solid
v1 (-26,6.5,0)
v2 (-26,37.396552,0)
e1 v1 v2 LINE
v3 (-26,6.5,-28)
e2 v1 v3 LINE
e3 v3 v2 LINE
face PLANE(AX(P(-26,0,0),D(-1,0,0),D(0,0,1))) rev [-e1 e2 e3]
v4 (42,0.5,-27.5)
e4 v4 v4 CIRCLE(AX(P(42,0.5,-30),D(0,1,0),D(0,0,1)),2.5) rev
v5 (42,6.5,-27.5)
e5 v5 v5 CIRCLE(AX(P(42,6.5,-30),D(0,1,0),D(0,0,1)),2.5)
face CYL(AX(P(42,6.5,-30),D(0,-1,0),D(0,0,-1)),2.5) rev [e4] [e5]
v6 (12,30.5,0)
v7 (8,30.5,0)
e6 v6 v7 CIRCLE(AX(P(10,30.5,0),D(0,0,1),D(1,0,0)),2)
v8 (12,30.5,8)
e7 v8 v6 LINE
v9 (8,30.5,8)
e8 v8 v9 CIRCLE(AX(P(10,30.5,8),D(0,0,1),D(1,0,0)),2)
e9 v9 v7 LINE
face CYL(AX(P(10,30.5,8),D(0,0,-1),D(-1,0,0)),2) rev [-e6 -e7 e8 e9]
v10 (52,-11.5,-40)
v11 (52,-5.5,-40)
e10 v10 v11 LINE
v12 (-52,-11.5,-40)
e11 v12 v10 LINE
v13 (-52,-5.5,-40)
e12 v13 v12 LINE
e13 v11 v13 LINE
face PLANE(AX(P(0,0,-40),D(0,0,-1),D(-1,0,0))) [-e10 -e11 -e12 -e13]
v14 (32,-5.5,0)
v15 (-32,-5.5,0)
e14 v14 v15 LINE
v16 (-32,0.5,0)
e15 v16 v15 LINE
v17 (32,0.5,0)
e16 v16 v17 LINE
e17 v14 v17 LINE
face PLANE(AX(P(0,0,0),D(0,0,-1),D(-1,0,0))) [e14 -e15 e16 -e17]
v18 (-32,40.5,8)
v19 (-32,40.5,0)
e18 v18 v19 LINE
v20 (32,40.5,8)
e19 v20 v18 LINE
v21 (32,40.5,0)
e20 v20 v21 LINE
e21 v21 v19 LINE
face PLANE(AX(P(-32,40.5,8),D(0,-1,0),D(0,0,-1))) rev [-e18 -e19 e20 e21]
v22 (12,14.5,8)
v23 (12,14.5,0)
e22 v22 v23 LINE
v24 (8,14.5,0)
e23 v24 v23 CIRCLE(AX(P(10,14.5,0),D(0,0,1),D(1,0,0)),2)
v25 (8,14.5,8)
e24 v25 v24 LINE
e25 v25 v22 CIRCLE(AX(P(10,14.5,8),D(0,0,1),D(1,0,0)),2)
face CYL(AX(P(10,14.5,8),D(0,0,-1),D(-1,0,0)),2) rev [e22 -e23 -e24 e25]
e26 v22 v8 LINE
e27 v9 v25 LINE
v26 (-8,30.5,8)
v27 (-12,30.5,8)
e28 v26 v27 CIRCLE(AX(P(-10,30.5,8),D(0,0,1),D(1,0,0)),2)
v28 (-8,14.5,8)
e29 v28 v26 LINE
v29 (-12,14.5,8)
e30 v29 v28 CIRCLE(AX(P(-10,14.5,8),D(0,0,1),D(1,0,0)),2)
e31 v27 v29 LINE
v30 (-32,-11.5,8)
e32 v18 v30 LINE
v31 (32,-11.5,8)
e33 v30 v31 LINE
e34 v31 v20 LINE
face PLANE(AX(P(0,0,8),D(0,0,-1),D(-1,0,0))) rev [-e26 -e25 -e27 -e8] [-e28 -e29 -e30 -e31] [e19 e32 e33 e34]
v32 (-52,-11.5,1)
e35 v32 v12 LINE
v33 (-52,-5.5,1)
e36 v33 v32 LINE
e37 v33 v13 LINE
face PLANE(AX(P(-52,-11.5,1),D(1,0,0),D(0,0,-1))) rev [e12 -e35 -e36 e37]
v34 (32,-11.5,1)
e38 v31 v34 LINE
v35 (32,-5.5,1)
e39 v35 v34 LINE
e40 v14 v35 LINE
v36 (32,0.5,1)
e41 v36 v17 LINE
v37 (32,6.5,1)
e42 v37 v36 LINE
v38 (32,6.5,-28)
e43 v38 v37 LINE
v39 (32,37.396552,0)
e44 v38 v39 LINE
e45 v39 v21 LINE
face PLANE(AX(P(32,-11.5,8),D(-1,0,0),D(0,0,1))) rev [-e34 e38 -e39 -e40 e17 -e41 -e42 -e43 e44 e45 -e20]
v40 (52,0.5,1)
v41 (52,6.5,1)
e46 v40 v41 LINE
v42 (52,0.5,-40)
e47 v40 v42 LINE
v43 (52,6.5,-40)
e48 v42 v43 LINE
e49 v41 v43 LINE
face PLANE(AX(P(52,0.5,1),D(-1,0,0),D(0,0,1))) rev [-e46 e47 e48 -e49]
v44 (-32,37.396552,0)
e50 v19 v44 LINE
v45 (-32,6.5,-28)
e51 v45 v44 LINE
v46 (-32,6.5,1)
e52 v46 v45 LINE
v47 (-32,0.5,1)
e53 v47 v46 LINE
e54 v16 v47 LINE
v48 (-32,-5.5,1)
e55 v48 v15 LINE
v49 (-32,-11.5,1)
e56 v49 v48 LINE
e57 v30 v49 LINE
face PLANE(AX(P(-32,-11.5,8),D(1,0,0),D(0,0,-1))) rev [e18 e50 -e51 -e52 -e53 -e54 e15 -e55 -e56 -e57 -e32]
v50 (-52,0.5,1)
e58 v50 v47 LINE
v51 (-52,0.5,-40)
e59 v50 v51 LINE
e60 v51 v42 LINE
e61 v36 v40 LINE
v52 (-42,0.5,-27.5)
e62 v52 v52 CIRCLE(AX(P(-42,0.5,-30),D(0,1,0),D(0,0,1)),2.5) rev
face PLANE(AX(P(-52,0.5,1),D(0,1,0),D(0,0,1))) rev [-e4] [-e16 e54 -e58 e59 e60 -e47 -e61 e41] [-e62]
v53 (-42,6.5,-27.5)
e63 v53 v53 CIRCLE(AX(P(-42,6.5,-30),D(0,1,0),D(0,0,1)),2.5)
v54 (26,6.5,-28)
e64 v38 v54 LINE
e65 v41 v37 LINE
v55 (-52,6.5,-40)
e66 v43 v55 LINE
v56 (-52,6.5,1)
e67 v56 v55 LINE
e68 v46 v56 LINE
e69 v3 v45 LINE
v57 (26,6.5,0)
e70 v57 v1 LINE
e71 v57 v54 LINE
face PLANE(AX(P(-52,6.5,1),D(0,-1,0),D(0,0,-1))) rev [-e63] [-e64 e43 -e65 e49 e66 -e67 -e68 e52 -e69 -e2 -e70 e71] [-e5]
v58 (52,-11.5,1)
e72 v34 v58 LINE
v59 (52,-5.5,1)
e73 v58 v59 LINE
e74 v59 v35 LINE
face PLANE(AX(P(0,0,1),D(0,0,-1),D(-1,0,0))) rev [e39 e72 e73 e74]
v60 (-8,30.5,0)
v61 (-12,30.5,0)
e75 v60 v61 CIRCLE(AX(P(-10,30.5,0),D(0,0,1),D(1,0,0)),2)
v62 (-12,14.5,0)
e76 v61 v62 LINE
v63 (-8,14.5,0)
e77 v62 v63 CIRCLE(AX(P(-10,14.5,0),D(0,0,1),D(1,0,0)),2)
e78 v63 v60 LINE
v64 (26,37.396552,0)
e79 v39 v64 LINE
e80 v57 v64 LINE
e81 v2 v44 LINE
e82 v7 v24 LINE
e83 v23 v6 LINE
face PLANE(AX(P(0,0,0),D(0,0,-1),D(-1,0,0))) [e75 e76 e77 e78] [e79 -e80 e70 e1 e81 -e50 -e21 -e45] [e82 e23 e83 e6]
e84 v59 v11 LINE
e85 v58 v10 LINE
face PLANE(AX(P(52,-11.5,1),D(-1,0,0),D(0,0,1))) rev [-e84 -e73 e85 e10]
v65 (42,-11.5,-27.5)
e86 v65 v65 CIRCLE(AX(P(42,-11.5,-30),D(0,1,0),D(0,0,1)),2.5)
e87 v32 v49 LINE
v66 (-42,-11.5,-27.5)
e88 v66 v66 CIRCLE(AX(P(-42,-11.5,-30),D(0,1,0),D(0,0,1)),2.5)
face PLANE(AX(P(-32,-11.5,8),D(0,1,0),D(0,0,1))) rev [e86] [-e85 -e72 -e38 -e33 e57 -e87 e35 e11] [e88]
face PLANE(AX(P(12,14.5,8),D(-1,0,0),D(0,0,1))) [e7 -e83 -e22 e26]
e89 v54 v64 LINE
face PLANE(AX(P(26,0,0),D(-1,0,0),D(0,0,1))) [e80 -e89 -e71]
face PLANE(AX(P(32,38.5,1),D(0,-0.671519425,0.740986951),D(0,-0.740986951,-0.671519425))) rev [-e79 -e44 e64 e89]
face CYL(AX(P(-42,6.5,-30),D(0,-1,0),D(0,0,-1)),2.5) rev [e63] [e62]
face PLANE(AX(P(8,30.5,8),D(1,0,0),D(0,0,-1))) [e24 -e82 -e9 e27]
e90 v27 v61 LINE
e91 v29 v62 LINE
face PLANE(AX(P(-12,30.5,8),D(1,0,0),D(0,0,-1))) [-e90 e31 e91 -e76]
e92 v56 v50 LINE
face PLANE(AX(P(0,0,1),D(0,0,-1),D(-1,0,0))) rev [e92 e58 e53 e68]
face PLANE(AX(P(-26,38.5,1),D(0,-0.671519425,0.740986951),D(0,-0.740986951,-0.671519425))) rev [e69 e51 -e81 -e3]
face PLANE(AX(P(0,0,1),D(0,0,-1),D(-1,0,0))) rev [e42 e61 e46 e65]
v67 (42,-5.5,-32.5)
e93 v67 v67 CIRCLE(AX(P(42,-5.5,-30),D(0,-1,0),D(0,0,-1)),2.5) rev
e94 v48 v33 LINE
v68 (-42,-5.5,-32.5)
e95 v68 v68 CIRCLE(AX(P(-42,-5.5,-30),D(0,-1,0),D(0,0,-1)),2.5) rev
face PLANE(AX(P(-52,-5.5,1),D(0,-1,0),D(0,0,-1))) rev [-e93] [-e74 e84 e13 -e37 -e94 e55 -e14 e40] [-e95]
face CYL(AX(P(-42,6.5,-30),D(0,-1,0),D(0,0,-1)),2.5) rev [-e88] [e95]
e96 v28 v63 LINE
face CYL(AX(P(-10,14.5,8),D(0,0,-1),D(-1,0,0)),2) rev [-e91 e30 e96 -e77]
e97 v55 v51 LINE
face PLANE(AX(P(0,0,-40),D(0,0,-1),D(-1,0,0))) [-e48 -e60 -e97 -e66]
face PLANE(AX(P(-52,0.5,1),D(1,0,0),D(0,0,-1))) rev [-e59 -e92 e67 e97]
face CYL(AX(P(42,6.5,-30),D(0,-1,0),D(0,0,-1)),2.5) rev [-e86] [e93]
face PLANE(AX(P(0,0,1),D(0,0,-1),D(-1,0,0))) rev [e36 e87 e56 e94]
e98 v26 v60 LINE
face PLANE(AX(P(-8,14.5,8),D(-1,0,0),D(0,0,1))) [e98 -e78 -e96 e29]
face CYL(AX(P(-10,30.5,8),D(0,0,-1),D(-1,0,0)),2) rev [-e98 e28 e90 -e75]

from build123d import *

# Parameters (mm, degrees)
SKETCH_1_W             = 64
SKETCH_1_H             = 52
EXTRUDE_348_DEPTH      = 8
EXTRUDE_START          = -40
SKETCH_2_W             = 104
SKETCH_2_H             = 6
EXTRUDE_C_6_DEPTH      = 41
SKETCH_3_W             = 104
SKETCH_3_H             = 6
EXTRUDE_C_6_2_DEPTH    = 41
EXTRUDE_START_2        = -32
EXTRUDE_798_DEPTH      = 6
EXTRUDE_START_3        = 26
EXTRUDE_5_DEPTH        = 6
CUT_EXTRUDE_8_DEPTH    = 8
CUT_EXTRUDE_START      = -11.5
SKETCH_7_R             = 2.5
CUT_EXTRUDE_1237_DEPTH = 18


with BuildPart() as part:
    # 草图1 → Extrude 348 (new body)
    with BuildSketch(Plane.XY):
        with Locations((0, 14.5)):
            Rectangle(SKETCH_1_W, SKETCH_1_H)
    extrude(amount=EXTRUDE_348_DEPTH)

    # 草图2 → Extrude C_6 (add)
    with BuildSketch(Plane.XY.offset(EXTRUDE_START)):
        with Locations((0, -8.5)):
            Rectangle(SKETCH_2_W, SKETCH_2_H)
    extrude(amount=EXTRUDE_C_6_DEPTH)

    # 草图3 → Extrude C_6 2 (add)
    with BuildSketch(Plane.XY.offset(EXTRUDE_START)):
        with Locations((0, 3.5)):
            Rectangle(SKETCH_3_W, SKETCH_3_H)
    extrude(amount=EXTRUDE_C_6_2_DEPTH)

    # 草图4 → Extrude 798 (add)
    with BuildSketch(Plane(origin=(0, 0, 0), x_dir=(0, 0, -1), z_dir=(1, 0, 0)).offset(EXTRUDE_START_2)):
        Polygon((28, 6.5), (-1, 6.5), (-1, 38.5), align=None)
    extrude(amount=EXTRUDE_798_DEPTH)

    # 草图5 → 凸台-拉伸5 (add)
    with BuildSketch(Plane(origin=(0, 0, 0), x_dir=(0, 0, -1), z_dir=(1, 0, 0)).offset(EXTRUDE_START_3)):
        Polygon((28, 6.5), (-1, 6.5), (-1, 38.5), align=None)
    extrude(amount=EXTRUDE_5_DEPTH)

    # 草图6 → 上下可调槽_中心行程正负8 (cut)
    with BuildSketch(Plane.XY):
        with BuildLine():
            Line((-8, 14.5), (-8, 30.5))
            ThreePointArc((-8, 30.5), (-10, 32.5), (-12, 30.5))
            Line((-12, 30.5), (-12, 14.5))
            ThreePointArc((-12, 14.5), (-10, 12.5), (-8, 14.5))
        make_face()
        with BuildLine():
            Line((12, 14.5), (12, 30.5))
            ThreePointArc((12, 30.5), (10, 32.5), (8, 30.5))
            Line((8, 30.5), (8, 14.5))
            ThreePointArc((8, 14.5), (10, 12.5), (12, 14.5))
        make_face()
    extrude(amount=CUT_EXTRUDE_8_DEPTH, mode=Mode.SUBTRACT)

    # 草图7 → Cut-Extrude 1237 (cut)
    with BuildSketch(Plane(origin=(0, 0, 0), x_dir=(1, 0, 0), z_dir=(0, 1, 0)).offset(CUT_EXTRUDE_START)):
        with Locations(Location((-42, 30, 0), (0, 0, 270))):
            Circle(SKETCH_7_R)
        with Locations(Location((42, 30, 0), (0, 0, 270))):
            Circle(SKETCH_7_R)
    extrude(amount=CUT_EXTRUDE_1237_DEPTH, mode=Mode.SUBTRACT)


solid = part.part
